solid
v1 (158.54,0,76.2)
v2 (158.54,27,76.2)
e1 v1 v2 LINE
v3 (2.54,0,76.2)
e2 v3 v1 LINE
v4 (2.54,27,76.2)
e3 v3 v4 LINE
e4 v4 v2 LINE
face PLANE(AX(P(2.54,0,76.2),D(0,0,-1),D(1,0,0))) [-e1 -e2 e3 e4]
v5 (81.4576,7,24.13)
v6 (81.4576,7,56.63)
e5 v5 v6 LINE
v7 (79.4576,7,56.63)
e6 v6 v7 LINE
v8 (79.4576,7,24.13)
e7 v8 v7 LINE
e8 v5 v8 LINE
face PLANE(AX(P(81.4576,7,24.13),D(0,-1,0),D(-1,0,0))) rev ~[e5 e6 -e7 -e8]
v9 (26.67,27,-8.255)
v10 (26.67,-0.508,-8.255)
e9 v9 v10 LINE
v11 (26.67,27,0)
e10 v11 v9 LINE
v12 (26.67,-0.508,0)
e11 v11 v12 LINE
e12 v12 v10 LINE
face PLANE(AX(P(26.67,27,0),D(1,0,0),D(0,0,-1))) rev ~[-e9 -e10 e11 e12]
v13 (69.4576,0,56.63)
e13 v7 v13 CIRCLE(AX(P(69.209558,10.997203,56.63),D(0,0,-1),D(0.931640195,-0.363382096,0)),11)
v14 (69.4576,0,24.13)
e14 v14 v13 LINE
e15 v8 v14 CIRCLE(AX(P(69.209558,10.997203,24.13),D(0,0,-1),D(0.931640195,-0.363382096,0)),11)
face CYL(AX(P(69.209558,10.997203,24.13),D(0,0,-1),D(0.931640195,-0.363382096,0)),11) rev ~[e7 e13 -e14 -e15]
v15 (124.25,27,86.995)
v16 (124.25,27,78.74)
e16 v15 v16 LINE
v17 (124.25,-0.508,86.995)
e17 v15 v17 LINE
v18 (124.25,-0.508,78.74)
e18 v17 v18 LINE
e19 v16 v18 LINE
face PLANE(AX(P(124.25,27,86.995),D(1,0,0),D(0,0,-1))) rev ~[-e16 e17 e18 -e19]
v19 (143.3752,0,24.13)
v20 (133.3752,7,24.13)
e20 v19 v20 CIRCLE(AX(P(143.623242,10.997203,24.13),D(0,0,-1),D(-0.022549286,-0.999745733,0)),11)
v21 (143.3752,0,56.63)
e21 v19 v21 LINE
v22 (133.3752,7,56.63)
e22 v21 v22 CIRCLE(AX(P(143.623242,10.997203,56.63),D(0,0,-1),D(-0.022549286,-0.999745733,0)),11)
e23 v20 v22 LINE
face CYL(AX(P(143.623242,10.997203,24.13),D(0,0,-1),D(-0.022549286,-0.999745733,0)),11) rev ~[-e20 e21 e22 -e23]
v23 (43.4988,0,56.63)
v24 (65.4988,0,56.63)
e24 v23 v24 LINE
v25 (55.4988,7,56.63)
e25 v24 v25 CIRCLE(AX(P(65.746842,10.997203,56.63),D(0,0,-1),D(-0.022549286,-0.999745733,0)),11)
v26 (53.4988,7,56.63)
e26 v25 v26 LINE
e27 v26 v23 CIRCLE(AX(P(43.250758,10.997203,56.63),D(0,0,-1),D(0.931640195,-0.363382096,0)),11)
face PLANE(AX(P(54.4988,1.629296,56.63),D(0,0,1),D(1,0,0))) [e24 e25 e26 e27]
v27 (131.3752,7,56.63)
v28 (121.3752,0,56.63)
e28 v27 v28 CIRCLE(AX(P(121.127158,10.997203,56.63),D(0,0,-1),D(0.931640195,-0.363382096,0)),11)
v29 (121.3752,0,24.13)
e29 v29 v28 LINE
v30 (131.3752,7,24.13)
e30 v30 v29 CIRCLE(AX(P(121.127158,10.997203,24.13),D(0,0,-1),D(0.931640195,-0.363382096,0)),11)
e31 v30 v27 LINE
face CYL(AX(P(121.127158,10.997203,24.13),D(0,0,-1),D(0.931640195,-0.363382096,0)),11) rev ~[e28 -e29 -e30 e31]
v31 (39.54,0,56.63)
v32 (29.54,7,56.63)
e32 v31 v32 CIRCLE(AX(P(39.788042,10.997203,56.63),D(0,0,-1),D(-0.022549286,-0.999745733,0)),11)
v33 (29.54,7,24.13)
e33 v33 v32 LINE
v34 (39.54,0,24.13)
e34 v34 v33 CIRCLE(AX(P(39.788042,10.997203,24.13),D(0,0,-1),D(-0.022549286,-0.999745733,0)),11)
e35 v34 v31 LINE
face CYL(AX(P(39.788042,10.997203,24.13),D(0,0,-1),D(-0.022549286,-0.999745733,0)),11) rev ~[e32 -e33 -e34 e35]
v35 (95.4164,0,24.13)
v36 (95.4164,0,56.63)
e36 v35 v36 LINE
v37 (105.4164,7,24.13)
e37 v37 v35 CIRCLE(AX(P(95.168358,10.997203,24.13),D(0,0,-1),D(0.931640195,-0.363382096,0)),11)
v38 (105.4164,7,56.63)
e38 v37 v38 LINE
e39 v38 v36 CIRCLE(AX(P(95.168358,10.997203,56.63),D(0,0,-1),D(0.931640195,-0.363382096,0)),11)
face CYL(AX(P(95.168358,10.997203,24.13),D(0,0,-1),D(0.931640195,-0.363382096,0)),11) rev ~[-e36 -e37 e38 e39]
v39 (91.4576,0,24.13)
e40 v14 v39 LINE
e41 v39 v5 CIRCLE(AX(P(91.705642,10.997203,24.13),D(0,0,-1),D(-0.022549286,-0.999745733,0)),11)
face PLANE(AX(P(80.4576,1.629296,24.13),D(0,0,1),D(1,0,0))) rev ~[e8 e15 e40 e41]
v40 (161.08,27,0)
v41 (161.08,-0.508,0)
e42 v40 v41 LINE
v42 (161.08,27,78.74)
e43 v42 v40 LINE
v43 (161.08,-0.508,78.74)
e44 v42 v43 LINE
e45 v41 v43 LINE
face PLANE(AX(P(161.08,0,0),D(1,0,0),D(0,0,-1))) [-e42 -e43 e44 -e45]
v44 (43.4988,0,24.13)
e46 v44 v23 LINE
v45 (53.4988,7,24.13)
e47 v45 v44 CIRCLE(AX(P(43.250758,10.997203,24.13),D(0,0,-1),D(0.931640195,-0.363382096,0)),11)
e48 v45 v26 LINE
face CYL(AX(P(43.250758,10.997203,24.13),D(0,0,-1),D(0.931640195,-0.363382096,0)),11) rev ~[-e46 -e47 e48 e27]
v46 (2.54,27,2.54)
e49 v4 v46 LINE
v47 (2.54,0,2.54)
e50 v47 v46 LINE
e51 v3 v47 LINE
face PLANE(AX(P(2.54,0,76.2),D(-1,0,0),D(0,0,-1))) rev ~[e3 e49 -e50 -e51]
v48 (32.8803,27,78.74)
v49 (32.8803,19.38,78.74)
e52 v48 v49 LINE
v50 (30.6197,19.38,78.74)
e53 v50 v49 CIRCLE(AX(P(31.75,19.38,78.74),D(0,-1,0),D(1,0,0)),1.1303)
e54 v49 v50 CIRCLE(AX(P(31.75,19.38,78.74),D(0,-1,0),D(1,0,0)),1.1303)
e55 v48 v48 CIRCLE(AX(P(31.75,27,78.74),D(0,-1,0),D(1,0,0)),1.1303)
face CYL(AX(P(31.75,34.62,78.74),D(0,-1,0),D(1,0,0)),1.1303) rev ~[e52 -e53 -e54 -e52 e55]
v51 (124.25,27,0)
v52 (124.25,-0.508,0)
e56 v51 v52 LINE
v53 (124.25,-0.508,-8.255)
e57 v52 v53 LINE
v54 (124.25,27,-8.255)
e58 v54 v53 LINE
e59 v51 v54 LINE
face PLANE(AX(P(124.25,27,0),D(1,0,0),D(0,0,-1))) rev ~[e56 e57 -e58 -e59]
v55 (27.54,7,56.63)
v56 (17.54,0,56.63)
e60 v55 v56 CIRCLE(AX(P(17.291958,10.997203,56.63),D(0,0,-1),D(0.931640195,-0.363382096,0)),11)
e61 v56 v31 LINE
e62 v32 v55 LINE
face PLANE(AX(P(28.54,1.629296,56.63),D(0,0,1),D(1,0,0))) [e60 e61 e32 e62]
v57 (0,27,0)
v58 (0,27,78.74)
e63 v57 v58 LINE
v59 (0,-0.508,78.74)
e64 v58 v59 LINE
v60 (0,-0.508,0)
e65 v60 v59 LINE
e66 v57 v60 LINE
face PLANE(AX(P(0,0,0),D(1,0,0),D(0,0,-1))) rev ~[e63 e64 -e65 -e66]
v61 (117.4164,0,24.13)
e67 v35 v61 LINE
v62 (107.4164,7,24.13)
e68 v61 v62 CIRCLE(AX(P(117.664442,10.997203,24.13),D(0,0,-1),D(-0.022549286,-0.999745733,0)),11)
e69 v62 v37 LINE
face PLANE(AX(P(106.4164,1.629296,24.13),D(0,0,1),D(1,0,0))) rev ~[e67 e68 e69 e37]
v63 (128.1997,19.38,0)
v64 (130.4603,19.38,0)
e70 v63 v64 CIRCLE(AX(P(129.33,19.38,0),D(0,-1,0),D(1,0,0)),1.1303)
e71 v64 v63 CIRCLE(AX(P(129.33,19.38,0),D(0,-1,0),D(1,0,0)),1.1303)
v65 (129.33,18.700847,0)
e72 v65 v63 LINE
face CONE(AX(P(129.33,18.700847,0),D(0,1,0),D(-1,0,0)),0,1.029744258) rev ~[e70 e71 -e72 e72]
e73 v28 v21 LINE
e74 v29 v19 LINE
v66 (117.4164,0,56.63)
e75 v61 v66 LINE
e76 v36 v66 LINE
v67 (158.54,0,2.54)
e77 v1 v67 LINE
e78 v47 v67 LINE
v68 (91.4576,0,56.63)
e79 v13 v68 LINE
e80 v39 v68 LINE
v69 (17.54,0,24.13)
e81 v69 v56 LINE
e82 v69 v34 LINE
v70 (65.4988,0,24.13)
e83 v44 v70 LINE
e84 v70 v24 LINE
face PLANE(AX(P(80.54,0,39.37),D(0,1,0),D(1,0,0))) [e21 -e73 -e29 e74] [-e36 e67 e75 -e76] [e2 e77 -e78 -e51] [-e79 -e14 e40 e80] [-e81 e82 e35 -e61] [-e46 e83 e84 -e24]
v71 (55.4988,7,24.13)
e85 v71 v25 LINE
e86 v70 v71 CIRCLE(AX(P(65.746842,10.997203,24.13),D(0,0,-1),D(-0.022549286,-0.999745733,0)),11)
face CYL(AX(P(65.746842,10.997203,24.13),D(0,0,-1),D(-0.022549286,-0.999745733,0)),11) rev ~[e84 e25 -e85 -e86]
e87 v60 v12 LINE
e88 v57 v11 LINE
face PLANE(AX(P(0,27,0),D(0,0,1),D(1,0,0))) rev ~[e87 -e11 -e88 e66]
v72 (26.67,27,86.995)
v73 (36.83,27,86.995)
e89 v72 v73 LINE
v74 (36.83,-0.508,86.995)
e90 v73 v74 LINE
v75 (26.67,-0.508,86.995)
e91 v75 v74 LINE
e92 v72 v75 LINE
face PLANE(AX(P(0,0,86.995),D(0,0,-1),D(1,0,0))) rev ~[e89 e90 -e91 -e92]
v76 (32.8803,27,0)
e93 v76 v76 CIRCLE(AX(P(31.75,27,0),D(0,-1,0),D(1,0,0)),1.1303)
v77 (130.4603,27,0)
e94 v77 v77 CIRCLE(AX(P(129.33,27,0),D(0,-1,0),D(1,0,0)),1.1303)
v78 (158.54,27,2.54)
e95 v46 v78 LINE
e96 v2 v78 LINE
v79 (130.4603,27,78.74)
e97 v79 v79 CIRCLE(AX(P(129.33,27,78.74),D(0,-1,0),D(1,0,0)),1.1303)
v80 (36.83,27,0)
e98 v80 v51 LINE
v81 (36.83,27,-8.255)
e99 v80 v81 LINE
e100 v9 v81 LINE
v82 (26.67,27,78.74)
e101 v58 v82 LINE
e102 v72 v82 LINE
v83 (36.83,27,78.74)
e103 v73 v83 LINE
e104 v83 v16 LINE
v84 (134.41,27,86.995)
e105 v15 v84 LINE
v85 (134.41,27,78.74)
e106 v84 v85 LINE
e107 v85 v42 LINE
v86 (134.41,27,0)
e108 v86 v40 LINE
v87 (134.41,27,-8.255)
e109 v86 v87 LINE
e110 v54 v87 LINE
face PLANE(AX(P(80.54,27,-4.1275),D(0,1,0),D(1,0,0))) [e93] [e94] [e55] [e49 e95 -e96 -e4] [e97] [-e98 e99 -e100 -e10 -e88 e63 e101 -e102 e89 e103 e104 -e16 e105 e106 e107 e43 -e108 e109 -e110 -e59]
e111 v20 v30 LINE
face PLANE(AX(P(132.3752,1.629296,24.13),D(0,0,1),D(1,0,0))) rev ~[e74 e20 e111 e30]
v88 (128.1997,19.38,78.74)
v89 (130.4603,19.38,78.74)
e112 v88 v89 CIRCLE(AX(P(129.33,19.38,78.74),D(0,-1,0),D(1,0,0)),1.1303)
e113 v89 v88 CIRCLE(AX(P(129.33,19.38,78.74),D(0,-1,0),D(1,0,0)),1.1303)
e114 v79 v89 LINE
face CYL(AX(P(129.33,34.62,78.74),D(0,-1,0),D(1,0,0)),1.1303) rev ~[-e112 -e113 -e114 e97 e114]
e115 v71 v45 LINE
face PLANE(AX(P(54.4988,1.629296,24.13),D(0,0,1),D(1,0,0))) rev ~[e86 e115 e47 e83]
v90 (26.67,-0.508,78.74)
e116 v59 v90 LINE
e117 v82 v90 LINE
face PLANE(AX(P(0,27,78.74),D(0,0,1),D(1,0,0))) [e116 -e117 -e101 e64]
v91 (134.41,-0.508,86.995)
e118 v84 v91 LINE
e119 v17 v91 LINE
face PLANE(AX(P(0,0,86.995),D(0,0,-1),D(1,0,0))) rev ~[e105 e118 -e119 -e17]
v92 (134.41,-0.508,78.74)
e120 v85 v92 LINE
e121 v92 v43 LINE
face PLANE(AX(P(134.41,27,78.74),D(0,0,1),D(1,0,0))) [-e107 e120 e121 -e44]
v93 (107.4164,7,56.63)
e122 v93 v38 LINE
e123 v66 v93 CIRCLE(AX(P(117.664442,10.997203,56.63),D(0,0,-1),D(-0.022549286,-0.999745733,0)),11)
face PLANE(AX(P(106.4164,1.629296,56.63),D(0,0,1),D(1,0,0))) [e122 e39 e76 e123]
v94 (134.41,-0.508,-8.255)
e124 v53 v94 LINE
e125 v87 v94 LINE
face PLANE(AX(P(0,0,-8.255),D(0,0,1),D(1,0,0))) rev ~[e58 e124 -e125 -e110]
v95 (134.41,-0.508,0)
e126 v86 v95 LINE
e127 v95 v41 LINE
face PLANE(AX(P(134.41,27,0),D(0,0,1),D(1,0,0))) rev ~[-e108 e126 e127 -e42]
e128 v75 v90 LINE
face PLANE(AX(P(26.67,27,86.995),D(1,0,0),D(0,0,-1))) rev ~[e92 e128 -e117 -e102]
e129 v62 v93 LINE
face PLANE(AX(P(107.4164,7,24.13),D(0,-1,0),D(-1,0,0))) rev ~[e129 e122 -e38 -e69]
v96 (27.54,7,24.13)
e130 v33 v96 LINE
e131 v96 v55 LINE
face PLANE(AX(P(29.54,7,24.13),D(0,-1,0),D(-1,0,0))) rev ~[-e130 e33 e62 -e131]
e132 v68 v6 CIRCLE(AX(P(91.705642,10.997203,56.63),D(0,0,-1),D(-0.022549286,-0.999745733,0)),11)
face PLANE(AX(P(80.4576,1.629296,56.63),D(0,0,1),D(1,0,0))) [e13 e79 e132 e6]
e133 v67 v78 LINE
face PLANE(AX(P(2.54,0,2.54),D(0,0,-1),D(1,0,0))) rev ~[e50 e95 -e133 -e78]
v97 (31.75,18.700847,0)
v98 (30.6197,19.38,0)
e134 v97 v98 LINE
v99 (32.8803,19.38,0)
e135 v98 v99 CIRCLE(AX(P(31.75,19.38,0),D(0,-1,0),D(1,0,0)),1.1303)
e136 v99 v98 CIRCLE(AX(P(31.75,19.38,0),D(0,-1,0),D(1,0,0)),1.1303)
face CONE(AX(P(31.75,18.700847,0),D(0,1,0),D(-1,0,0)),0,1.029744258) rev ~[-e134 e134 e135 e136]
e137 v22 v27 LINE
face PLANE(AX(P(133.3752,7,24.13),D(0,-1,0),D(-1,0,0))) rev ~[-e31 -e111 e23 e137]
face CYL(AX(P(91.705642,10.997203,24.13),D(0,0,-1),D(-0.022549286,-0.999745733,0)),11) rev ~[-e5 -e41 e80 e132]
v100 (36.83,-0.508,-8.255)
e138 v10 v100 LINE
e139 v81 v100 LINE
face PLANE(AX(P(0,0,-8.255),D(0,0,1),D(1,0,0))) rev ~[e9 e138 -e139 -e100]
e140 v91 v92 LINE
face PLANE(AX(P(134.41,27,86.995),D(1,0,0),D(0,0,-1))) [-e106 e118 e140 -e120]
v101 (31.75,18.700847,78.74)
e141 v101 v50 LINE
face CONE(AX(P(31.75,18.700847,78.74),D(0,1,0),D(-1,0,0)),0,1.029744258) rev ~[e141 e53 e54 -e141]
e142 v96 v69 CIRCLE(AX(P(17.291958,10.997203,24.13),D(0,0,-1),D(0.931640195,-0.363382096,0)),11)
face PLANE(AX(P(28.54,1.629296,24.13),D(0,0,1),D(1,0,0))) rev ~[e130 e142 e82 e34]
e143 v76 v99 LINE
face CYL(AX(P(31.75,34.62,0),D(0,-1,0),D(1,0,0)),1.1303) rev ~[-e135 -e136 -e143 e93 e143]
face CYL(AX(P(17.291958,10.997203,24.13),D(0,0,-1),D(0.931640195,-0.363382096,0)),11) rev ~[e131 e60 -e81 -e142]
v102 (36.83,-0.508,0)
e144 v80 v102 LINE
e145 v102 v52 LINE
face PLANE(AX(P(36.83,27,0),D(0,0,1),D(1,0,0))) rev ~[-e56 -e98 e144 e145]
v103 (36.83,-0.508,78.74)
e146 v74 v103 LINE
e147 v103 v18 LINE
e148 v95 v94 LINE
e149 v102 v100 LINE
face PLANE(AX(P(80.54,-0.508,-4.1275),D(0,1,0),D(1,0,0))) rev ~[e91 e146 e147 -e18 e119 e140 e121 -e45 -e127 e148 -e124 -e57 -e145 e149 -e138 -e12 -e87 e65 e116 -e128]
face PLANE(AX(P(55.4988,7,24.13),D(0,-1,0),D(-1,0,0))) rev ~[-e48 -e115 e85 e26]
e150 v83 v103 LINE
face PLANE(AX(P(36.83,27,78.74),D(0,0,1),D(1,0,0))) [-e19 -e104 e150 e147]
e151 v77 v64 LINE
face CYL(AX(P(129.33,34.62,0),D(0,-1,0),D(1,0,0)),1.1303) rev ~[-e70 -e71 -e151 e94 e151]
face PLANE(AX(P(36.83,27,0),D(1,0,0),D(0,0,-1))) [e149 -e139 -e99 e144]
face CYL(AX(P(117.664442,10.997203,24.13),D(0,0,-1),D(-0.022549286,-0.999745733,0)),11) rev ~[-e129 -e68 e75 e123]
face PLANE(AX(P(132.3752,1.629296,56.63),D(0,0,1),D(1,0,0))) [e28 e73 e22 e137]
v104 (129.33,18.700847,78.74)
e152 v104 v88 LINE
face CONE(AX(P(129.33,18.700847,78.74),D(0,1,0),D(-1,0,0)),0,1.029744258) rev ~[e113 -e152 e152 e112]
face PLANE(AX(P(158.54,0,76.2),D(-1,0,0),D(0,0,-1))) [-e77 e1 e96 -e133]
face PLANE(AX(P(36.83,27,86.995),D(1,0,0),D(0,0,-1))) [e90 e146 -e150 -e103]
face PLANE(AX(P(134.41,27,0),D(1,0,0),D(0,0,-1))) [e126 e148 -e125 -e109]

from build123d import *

# Parameters (mm, degrees)
SKETCH1_W                 = 161.08
SKETCH1_H                 = 78.74
BOSS_EXTRUDE1_DEPTH       = 0.508
SKETCH1_3_W               = 161.08
SKETCH1_3_H               = 8.255
SKETCH1_3_H_2             = 78.74
SKETCH1_3_W_2             = 156
SKETCH1_3_H_3             = 73.66
BOSS_EXTRUDE2_DEPTH       = 27
BOSS_EXTRUDE3_START       = 21.59
BOSS_EXTRUDE3_DEPTH       = 32.5
SKETCH1_4_W               = 161.08
SKETCH1_4_H               = 8.255
BOSS_EXTRUDE4_DEPTH       = 0.508
F_4_40_TAPPED_HOLE2_D     = 2.2606
F_4_40_TAPPED_HOLE2_DEPTH = 7.62
F_4_40_TAPPED_HOLE2_TIP   = 0.679152758
SKETCH11_W                = 87.42
SKETCH11_H                = 8.255
SKETCH11_W_2              = 26.67
CUT_EXTRUDE1_DEPTH        = 28.508


with BuildPart() as part:
    # Sketch1 → Boss-Extrude1 (new body)
    with BuildSketch(Plane(origin=(0, 0, 0), x_dir=(1, 0, 0), z_dir=(0, 1, 0))):
        with Locations((80.54, -39.37)):
            Rectangle(SKETCH1_W, SKETCH1_H)
    extrude(amount=-BOSS_EXTRUDE1_DEPTH)

    # Sketch1<3> → Boss-Extrude2 (add)
    with BuildSketch(Plane(origin=(0, 0, 0), x_dir=(1, 0, 0), z_dir=(0, 1, 0))):
        with Locations((80.54, 4.1275)):
            Rectangle(SKETCH1_3_W, SKETCH1_3_H)
        with Locations((80.54, -82.8675)):
            Rectangle(SKETCH1_3_W, SKETCH1_3_H)
        with Locations((80.54, -39.37)):
            Rectangle(SKETCH1_3_W, SKETCH1_3_H_2)
        with Locations((80.54, -39.37)):
            Rectangle(SKETCH1_3_W_2, SKETCH1_3_H_3, mode=Mode.SUBTRACT)
    extrude(amount=BOSS_EXTRUDE2_DEPTH)

    # Sketch5 → Boss-Extrude3 (add)
    with BuildSketch(Plane.XY.offset(2.54).offset(BOSS_EXTRUDE3_START)):
        with BuildLine():
            Line((29.54, 7), (27.54, 7))
            ThreePointArc((27.54, 7), (23.600043647, 1.985651932), (17.54, 0))
            Line((17.54, 0), (39.54, 0))
            ThreePointArc((39.54, 0), (33.479956353, 1.985651932), (29.54, 7))
        make_face()
        with BuildLine():
            Line((55.4988, 7), (53.4988, 7))
            ThreePointArc((53.4988, 7), (49.558843647, 1.985651932), (43.4988, 0))
            Line((43.4988, 0), (65.4988, 0))
            ThreePointArc((65.4988, 0), (59.438756353, 1.985651932), (55.4988, 7))
        make_face()
        with BuildLine():
            Line((81.4576, 7), (79.4576, 7))
            ThreePointArc((79.4576, 7), (75.517643647, 1.985651932), (69.4576, 0))
            Line((69.4576, 0), (91.4576, 0))
            ThreePointArc((91.4576, 0), (85.397556353, 1.985651932), (81.4576, 7))
        make_face()
        with BuildLine():
            Line((107.4164, 7), (105.4164, 7))
            ThreePointArc((105.4164, 7), (101.476443647, 1.985651932), (95.4164, 0))
            Line((95.4164, 0), (117.4164, 0))
            ThreePointArc((117.4164, 0), (111.356356353, 1.985651932), (107.4164, 7))
        make_face()
        with BuildLine():
            Line((133.3752, 7), (131.3752, 7))
            ThreePointArc((131.3752, 7), (127.435243647, 1.985651932), (121.3752, 0))
            Line((121.3752, 0), (143.3752, 0))
            ThreePointArc((143.3752, 0), (137.315156353, 1.985651932), (133.3752, 7))
        make_face()
    extrude(amount=BOSS_EXTRUDE3_DEPTH)

    # Sketch1<4> → Boss-Extrude4 (add)
    with BuildSketch(Plane(origin=(0, 0, 0), x_dir=(1, 0, 0), z_dir=(0, 1, 0))):
        with Locations((80.54, 4.1275)):
            Rectangle(SKETCH1_4_W, SKETCH1_4_H)
        with Locations((80.54, -82.8675)):
            Rectangle(SKETCH1_4_W, SKETCH1_4_H)
    extrude(amount=-BOSS_EXTRUDE4_DEPTH)

    # #4-40 Tapped Hole2
    with Locations(Plane(origin=(0, 27, 0), x_dir=(-1, 0, 0), z_dir=(0, 1, 0))):
        with Locations((-31.75, 0), (-129.33, 0), (-31.75, 78.74), (-129.33, 78.74)):
            Hole(F_4_40_TAPPED_HOLE2_D / 2, depth=F_4_40_TAPPED_HOLE2_DEPTH)
            with Locations((0, 0, -(F_4_40_TAPPED_HOLE2_DEPTH + F_4_40_TAPPED_HOLE2_TIP / 2))):  # 118° drill point
                Cone(0, F_4_40_TAPPED_HOLE2_D / 2, F_4_40_TAPPED_HOLE2_TIP, mode=Mode.SUBTRACT)

    # Sketch11 → Cut-Extrude1 (cut, through all)
    with BuildSketch(Plane(origin=(0, 27, 0), x_dir=(1, 0, 0), z_dir=(0, 1, 0))):
        with Locations((80.54, 4.1275)):
            Rectangle(SKETCH11_W, SKETCH11_H)
        with Locations((80.54, -82.8675)):
            Rectangle(SKETCH11_W, SKETCH11_H)
        with Locations((13.335, 4.1275)):
            Rectangle(SKETCH11_W_2, SKETCH11_H)
        with Locations((147.745, 4.1275)):
            Rectangle(SKETCH11_W_2, SKETCH11_H)
        with Locations((147.745, -82.8675)):
            Rectangle(SKETCH11_W_2, SKETCH11_H)
        with Locations((13.335, -82.8675)):
            Rectangle(SKETCH11_W_2, SKETCH11_H)
    extrude(amount=-CUT_EXTRUDE1_DEPTH, mode=Mode.SUBTRACT)


solid = part.part
